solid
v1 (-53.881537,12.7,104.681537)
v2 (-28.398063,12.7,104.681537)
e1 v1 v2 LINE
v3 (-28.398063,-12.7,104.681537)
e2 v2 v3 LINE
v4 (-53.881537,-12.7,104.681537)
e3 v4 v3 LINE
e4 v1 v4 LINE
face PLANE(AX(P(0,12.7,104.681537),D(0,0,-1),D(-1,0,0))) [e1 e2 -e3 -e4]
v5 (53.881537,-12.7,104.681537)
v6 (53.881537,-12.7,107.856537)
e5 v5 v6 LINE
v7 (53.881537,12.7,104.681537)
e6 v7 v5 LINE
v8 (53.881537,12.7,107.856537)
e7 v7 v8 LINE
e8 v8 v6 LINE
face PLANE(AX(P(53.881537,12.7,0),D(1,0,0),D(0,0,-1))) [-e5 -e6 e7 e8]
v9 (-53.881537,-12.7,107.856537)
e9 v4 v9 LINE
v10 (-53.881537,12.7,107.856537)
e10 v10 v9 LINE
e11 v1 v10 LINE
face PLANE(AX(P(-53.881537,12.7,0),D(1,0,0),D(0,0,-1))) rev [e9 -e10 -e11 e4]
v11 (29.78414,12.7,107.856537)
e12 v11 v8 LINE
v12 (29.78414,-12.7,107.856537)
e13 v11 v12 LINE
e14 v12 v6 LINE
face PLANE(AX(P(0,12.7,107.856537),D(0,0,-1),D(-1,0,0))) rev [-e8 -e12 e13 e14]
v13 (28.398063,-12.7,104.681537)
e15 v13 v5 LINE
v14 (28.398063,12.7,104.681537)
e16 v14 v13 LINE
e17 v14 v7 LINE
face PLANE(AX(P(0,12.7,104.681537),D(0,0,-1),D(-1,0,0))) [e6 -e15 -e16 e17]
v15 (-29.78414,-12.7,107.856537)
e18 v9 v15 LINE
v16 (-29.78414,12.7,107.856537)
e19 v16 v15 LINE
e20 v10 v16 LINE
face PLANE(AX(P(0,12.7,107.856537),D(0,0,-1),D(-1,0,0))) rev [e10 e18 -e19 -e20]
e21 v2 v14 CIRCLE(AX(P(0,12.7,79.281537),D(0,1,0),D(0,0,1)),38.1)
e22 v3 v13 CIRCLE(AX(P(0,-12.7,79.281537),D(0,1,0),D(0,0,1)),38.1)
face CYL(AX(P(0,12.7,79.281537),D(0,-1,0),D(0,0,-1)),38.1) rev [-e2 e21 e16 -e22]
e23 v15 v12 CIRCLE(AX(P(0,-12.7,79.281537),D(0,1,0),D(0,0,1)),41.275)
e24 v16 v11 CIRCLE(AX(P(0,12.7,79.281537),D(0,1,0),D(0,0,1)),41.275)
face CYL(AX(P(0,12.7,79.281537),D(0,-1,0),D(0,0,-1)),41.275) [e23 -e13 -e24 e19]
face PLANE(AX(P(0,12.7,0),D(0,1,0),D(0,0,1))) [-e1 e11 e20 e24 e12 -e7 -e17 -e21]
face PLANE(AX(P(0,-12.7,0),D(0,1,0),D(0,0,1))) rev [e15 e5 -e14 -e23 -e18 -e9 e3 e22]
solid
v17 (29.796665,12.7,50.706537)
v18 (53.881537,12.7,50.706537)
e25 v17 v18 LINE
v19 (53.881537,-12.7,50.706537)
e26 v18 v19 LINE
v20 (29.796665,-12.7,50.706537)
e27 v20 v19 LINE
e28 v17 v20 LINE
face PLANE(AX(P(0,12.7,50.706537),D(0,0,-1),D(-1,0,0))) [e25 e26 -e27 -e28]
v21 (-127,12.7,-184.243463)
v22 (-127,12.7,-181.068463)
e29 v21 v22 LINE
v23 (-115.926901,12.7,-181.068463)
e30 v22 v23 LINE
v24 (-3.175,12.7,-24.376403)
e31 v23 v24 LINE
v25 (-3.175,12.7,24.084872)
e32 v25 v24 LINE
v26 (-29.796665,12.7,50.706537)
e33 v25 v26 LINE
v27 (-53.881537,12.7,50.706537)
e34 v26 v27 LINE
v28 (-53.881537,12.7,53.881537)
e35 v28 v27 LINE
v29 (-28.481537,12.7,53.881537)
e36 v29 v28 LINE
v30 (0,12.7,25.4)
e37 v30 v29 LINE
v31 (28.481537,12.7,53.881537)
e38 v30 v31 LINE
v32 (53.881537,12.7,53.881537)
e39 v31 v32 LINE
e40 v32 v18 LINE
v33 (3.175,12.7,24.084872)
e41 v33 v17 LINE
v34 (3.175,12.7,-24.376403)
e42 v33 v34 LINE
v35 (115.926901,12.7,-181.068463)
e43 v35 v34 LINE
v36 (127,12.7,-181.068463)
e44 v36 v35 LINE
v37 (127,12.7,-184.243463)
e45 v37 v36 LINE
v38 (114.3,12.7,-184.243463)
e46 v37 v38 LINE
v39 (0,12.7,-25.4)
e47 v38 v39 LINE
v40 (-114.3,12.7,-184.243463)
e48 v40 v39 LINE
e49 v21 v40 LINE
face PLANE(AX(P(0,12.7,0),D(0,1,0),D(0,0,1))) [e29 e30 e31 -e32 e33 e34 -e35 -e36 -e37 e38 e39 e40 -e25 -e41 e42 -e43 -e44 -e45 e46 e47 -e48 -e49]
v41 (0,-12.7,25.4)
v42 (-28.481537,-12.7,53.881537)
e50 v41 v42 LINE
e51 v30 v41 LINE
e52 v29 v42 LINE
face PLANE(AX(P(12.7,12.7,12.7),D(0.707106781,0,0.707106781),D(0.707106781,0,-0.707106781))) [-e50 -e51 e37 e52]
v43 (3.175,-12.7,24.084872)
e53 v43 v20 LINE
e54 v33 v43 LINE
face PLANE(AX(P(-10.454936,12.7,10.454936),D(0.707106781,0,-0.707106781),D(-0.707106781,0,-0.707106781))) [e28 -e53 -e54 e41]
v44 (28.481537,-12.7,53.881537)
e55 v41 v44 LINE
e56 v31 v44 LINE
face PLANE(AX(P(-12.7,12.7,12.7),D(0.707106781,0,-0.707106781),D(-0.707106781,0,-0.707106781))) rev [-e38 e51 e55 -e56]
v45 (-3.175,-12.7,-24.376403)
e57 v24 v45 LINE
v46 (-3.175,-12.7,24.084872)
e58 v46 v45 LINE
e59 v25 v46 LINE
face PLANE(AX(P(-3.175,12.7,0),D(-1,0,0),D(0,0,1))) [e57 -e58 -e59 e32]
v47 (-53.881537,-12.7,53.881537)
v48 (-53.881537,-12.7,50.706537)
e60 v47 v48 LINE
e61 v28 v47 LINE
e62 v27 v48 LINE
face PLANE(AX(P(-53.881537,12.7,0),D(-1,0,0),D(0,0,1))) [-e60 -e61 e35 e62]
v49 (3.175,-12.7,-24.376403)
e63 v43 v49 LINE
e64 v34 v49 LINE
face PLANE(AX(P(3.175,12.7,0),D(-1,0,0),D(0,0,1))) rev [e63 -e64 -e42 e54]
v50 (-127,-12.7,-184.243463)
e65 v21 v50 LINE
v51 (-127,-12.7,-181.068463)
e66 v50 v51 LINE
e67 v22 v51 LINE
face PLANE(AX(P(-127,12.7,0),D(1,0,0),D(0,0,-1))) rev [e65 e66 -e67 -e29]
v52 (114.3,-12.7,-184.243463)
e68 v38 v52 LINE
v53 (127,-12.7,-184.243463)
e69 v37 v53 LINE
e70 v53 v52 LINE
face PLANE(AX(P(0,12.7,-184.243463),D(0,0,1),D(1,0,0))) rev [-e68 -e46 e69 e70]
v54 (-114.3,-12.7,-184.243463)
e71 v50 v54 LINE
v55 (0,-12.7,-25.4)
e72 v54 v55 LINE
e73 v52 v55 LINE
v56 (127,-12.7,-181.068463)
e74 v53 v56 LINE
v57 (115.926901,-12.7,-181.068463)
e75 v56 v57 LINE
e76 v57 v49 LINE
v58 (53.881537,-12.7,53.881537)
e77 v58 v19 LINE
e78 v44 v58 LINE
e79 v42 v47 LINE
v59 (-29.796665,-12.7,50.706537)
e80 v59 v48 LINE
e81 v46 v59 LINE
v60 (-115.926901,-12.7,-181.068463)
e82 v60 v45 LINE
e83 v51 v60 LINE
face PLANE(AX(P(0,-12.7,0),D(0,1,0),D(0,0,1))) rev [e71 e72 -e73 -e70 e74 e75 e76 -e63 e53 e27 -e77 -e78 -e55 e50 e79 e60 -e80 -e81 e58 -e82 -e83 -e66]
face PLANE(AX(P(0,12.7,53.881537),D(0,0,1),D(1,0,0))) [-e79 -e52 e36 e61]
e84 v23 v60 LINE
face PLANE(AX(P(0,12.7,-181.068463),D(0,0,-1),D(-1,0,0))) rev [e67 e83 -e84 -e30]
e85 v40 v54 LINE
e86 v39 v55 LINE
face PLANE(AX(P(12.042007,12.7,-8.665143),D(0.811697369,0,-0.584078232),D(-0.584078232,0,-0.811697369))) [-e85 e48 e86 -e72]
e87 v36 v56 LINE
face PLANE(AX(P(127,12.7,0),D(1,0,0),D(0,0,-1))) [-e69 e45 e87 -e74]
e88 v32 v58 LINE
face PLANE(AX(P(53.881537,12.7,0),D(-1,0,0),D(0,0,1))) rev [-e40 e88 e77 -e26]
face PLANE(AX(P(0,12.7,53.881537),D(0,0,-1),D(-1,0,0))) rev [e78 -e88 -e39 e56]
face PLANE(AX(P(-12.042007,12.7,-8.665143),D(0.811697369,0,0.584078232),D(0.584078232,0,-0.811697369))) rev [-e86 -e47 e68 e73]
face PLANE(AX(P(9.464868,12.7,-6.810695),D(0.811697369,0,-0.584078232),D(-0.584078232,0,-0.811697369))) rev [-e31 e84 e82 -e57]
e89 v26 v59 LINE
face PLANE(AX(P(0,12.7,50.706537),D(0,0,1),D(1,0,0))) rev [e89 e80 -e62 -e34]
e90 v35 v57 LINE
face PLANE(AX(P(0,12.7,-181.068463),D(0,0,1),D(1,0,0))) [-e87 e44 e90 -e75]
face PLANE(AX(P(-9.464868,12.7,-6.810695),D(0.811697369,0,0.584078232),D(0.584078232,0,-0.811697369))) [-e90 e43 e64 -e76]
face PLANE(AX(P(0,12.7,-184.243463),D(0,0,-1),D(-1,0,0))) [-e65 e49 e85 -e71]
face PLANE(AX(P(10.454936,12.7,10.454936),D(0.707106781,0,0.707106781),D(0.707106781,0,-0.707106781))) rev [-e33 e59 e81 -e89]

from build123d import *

# Parameters (mm, degrees)
BOSS_EXTRUDE1_DEPTH   = 12.7
BOSS_EXTRUDE1_2_DEPTH = 12.7


with BuildPart() as part:
    # Sketch1 → Boss-Extrude1 (new body, symmetric)
    with BuildSketch(Plane(origin=(0, 0, 0), x_dir=(1, 0, 0), z_dir=(0, 1, 0))):
        Polygon((-127, 184.243463274), (-114.3, 184.243463274), (0, 25.4), (114.3, 184.243463274), (127, 184.243463274), (127, 181.068463274), (115.926901433, 181.068463274), (3.175, 24.376402781), (3.175, -24.084871939), (29.796664787, -50.706536726), (53.881536726, -50.706536726), (53.881536726, -53.881536726), (28.481536726, -53.881536726), (0, -25.4), (-28.481536726, -53.881536726), (-53.881536726, -53.881536726), (-53.881536726, -50.706536726), (-29.796664787, -50.706536726), (-3.175, -24.084871939), (-3.175, 24.376402781), (-115.926901433, 181.068463274), (-127, 181.068463274), align=None)
    extrude(amount=BOSS_EXTRUDE1_DEPTH, both=True)


with BuildPart() as body_2:
    # Sketch1 → Boss-Extrude1 2 (new body, symmetric)
    with BuildSketch(Plane(origin=(0, 0, 0), x_dir=(1, 0, 0), z_dir=(0, 1, 0))):
        with BuildLine():
            Line((-53.881536726, -104.681536726), (-28.398063314, -104.681536726))
            ThreePointArc((-28.398063314, -104.681536726), (0, -117.381536726), (28.398063314, -104.681536726))
            Line((28.398063314, -104.681536726), (53.881536726, -104.681536726))
            Line((53.881536726, -104.681536726), (53.881536726, -107.856536726))
            Line((53.881536726, -107.856536726), (29.784140075, -107.856536726))
            ThreePointArc((29.784140075, -107.856536726), (0, -120.556536726), (-29.784140075, -107.856536726))
            Line((-29.784140075, -107.856536726), (-53.881536726, -107.856536726))
            Line((-53.881536726, -107.856536726), (-53.881536726, -104.681536726))
        make_face()
    extrude(amount=BOSS_EXTRUDE1_2_DEPTH, both=True)


solid = Compound([part.part, body_2.part])
